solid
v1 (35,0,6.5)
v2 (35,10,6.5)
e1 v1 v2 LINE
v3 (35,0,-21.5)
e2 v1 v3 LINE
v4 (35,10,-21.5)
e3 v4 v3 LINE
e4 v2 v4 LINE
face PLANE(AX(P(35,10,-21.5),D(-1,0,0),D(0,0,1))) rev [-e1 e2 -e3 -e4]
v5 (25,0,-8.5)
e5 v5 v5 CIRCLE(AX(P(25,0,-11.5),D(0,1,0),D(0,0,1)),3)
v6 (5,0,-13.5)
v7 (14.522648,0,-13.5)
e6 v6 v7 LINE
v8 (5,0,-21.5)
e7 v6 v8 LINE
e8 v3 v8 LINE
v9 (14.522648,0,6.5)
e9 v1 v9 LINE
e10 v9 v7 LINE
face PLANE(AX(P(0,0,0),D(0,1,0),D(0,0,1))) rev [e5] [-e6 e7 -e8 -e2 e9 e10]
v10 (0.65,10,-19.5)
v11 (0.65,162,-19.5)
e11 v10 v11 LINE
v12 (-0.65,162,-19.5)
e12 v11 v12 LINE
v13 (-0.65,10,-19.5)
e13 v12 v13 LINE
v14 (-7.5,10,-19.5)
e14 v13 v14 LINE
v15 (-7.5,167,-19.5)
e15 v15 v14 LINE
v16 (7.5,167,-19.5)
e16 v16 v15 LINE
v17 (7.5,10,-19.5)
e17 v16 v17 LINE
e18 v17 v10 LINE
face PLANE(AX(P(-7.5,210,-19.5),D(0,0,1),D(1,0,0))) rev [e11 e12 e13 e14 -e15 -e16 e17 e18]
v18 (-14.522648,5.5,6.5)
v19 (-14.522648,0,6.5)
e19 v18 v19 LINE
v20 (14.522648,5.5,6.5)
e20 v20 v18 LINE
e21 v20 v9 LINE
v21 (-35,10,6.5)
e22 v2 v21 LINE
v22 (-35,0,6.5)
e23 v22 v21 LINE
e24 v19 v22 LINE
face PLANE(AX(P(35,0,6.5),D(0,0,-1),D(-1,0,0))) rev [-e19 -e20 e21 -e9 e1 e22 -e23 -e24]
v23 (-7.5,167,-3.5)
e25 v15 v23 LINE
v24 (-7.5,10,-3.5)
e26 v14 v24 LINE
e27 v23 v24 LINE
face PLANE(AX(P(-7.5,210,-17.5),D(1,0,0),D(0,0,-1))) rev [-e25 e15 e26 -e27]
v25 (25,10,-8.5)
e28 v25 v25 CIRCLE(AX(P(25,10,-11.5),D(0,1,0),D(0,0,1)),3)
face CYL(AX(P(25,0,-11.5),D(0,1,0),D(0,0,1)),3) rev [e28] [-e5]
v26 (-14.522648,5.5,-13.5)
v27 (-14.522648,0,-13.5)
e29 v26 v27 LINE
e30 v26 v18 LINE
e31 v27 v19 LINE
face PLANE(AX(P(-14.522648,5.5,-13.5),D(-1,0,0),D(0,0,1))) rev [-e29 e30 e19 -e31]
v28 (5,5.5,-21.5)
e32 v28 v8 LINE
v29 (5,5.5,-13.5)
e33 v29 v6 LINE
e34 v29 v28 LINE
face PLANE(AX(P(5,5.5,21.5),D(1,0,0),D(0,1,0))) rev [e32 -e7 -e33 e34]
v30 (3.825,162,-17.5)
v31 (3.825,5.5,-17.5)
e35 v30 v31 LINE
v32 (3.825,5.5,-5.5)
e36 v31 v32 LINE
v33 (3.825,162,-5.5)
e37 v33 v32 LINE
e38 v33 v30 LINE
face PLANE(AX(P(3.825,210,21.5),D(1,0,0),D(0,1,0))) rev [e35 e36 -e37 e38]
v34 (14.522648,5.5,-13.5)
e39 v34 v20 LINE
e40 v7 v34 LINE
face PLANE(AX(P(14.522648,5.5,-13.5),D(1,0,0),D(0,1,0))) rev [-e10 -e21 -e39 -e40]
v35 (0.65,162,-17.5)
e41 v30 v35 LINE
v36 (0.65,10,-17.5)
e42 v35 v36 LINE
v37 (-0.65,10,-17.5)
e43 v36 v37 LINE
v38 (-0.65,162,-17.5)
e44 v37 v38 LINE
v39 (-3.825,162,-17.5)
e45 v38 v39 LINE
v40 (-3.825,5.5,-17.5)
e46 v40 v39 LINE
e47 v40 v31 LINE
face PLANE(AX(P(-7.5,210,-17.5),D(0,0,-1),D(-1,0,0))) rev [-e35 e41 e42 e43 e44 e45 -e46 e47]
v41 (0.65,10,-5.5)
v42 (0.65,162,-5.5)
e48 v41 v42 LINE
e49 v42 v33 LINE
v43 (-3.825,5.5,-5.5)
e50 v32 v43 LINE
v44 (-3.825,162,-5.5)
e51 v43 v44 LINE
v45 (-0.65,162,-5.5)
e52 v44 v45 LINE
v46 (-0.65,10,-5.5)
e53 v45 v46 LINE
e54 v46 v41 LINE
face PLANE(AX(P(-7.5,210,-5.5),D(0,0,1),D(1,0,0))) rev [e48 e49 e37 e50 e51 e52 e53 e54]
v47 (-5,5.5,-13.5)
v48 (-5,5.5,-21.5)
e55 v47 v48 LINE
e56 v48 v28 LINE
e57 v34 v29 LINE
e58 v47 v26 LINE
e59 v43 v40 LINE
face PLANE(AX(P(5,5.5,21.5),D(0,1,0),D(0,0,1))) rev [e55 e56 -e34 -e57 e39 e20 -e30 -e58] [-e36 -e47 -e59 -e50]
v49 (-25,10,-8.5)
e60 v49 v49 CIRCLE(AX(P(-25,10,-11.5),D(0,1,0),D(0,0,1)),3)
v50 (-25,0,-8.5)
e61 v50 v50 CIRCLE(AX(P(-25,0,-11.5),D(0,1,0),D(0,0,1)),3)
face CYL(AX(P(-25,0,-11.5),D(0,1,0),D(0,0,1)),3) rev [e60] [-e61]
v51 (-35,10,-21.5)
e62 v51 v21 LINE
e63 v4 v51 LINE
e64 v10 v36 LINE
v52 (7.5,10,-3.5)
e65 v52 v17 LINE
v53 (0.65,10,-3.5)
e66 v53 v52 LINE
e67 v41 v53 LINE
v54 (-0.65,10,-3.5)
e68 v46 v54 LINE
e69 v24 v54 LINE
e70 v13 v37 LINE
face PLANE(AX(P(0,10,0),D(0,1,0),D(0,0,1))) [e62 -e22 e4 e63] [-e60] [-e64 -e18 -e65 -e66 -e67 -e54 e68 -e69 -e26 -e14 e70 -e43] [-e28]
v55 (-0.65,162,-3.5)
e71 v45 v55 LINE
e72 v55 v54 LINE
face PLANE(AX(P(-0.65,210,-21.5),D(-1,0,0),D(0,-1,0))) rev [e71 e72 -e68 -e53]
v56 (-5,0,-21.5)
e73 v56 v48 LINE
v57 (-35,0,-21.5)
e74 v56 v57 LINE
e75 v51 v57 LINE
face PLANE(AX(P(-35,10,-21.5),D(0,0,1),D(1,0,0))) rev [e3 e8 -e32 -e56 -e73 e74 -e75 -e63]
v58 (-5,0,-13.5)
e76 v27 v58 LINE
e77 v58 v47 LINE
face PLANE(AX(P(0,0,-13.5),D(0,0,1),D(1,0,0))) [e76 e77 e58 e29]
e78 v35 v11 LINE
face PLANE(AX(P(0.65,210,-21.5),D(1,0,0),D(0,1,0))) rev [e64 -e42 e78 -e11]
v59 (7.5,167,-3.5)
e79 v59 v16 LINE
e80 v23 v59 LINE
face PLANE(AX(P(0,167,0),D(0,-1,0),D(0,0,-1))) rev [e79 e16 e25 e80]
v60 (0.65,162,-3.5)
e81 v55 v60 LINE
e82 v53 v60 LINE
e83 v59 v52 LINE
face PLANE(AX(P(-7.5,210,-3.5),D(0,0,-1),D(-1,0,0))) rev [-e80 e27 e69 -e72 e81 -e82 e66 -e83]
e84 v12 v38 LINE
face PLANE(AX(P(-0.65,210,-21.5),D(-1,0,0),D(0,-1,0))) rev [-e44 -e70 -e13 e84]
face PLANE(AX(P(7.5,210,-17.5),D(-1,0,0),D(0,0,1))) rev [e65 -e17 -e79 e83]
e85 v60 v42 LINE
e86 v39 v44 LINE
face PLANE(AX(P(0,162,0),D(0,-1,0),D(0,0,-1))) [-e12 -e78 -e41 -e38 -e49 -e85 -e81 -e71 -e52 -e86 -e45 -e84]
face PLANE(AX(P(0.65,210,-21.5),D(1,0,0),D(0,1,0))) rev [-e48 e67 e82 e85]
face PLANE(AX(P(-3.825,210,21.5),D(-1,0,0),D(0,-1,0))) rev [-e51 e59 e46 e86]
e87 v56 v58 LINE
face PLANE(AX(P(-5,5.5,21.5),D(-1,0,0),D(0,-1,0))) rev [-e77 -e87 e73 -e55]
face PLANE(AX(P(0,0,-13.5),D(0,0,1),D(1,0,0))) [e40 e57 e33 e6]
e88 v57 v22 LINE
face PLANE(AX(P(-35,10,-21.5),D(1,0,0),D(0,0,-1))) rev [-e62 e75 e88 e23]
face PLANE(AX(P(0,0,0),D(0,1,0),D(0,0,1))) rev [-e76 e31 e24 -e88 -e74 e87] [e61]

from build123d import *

# Parameters (mm, degrees)
SKETCH_1_W           = 70
SKETCH_1_H           = 43
EXTRUDE_1_DEPTH      = 10
SKETCH_21_R          = 3
CUT_EXTRUDE_12_DEPTH = 43.275879648
SKETCH_22_R          = 3
CUT_EXTRUDE_13_DEPTH = 43.275879648
SKETCH_46_W          = 15
SKETCH_46_H          = 12
EXTRUDE_4_DEPTH      = 200
SKETCH_76_W          = 7.65
SKETCH_76_H          = 200
CUT_EXTRUDE_37_DEPTH = 217.439367953
SKETCH_78_W          = 15
SKETCH_78_H          = 2
EXTRUDE_16_DEPTH     = 200
SKETCH_79_W          = 15
SKETCH_79_H          = 2
EXTRUDE_17_DEPTH     = 200
SKETCH_80_W          = 1.3
SKETCH_80_H          = 200
CUT_EXTRUDE_38_DEPTH = 215.359511102
SKETCH_83_W          = 7.65
SKETCH_83_H          = 12
CUT_EXTRUDE_39_DEPTH = 205.174557671
SKETCH_84_W          = 10
SKETCH_84_H          = 11
CUT_EXTRUDE_40_DEPTH = 218.195764231
SKETCH_82_W          = 15
SKETCH_82_H          = 16
EXTRUDE_19_DEPTH     = 10
SKETCH_85_W          = 70
SKETCH_85_H          = 15
CUT_EXTRUDE_41_DEPTH = 10
SKETCH_86_W          = 15
SKETCH_86_H          = 35
CUT_EXTRUDE_42_DEPTH = 25
SKETCH_87_W          = 15
SKETCH_87_H          = 16
EXTRUDE_20_DEPTH     = 5
SKETCH_88_W          = 15
SKETCH_88_H          = 28
CUT_EXTRUDE_43_DEPTH = 35
SKETCH_89_W          = 15
SKETCH_89_H          = 16
EXTRUDE_21_DEPTH     = 5
SKETCH_90_W          = 29.045295042
SKETCH_90_H          = 11
CUT_EXTRUDE_44_DEPTH = 20


with BuildPart() as part:
    # 草圖1 → 填料-伸長1 (new body)
    with BuildSketch(Plane(origin=(0, 0, 0), x_dir=(1, 0, 0), z_dir=(0, 1, 0))):
        Rectangle(SKETCH_1_W, SKETCH_1_H)
    extrude(amount=EXTRUDE_1_DEPTH)

    # 草圖21 → 除料-伸長12 (cut, through all)
    with BuildSketch(Plane(origin=(0, 10, 0), x_dir=(1, 0, 0), z_dir=(0, 1, 0))):
        with Locations(Location((-25, 11.5, 0), (0, 0, 270))):
            Circle(SKETCH_21_R)
    extrude(amount=-CUT_EXTRUDE_12_DEPTH, mode=Mode.SUBTRACT)

    # 草圖22 → 除料-伸長13 (cut, through all)
    with BuildSketch(Plane(origin=(0, 10, 0), x_dir=(1, 0, 0), z_dir=(0, 1, 0))):
        with Locations(Location((25, 11.5, 0), (0, 0, 270))):
            Circle(SKETCH_22_R)
    extrude(amount=-CUT_EXTRUDE_13_DEPTH, mode=Mode.SUBTRACT)

    # 草圖46 → 填料-伸長4 (add)
    with BuildSketch(Plane(origin=(0, 10, 0), x_dir=(1, 0, 0), z_dir=(0, 1, 0))):
        with Locations((0, 11.5)):
            Rectangle(SKETCH_46_W, SKETCH_46_H)
    extrude(amount=EXTRUDE_4_DEPTH)

    # 草圖76 → 除料-伸長37 (cut, through all)
    with BuildSketch(Plane(origin=(0, 0, -17.5), x_dir=(-1, 0, 0), z_dir=(0, 0, -1))):
        with Locations((0, 110)):
            Rectangle(SKETCH_76_W, SKETCH_76_H)
    extrude(amount=-CUT_EXTRUDE_37_DEPTH, mode=Mode.SUBTRACT)

    # 草圖78 → 填料-伸長16 (add)
    with BuildSketch(Plane(origin=(0, 10, 0), x_dir=(1, 0, 0), z_dir=(0, 1, 0))):
        with Locations((0, 4.5)):
            Rectangle(SKETCH_78_W, SKETCH_78_H)
    extrude(amount=EXTRUDE_16_DEPTH)

    # 草圖79 → 填料-伸長17 (add)
    with BuildSketch(Plane(origin=(0, 10, 0), x_dir=(1, 0, 0), z_dir=(0, 1, 0))):
        with Locations((0, 18.5)):
            Rectangle(SKETCH_79_W, SKETCH_79_H)
    extrude(amount=EXTRUDE_17_DEPTH)

    # 草圖80 → 除料-伸長38 (cut, through all)
    with BuildSketch(Plane.XY.offset(-3.5)):
        with Locations((0, 110)):
            Rectangle(SKETCH_80_W, SKETCH_80_H)
    extrude(amount=-CUT_EXTRUDE_38_DEPTH, mode=Mode.SUBTRACT)

    # 草圖83 → 除料-伸長39 (cut, through all)
    with BuildSketch(Plane(origin=(0, 10, 0), x_dir=(1, 0, 0), z_dir=(0, 1, 0))):
        with Locations((0, 11.5)):
            Rectangle(SKETCH_83_W, SKETCH_83_H)
    extrude(amount=-CUT_EXTRUDE_39_DEPTH, mode=Mode.SUBTRACT)

    # 草圖84 → 除料-伸長40 (cut, through all)
    with BuildSketch(Plane(origin=(0, 0, -21.5), x_dir=(-1, 0, 0), z_dir=(0, 0, -1))):
        Rectangle(SKETCH_84_W, SKETCH_84_H)
    extrude(amount=-CUT_EXTRUDE_40_DEPTH, mode=Mode.SUBTRACT)

    # 草圖82 → 填料-伸長19 (add)
    with BuildSketch(Plane(origin=(0, 210, 0), x_dir=(1, 0, 0), z_dir=(0, 1, 0))):
        with Locations((0, 11.5)):
            Rectangle(SKETCH_82_W, SKETCH_82_H)
    extrude(amount=EXTRUDE_19_DEPTH)

    # 草圖85 → 除料-伸長41 (cut)
    with BuildSketch(Plane(origin=(0, 10, 0), x_dir=(1, 0, 0), z_dir=(0, 1, 0))):
        with Locations((0, -14)):
            Rectangle(SKETCH_85_W, SKETCH_85_H)
    extrude(amount=-CUT_EXTRUDE_41_DEPTH, mode=Mode.SUBTRACT)

    # 草圖86 → 除料-伸長42 (cut)
    with BuildSketch(Plane.XY.offset(-3.5)):
        with Locations((0, 202.5)):
            Rectangle(SKETCH_86_W, SKETCH_86_H)
    extrude(amount=-CUT_EXTRUDE_42_DEPTH, mode=Mode.SUBTRACT)

    # 草圖87 → 填料-伸長20 (add)
    with BuildSketch(Plane(origin=(0, 185, 0), x_dir=(1, 0, 0), z_dir=(0, 1, 0))):
        with Locations((0, 11.5)):
            Rectangle(SKETCH_87_W, SKETCH_87_H)
    extrude(amount=EXTRUDE_20_DEPTH)

    # 草圖88 → 除料-伸長43 (cut)
    with BuildSketch(Plane(origin=(0, 0, -19.5), x_dir=(-1, 0, 0), z_dir=(0, 0, -1))):
        with Locations((0, 176)):
            Rectangle(SKETCH_88_W, SKETCH_88_H)
    extrude(amount=-CUT_EXTRUDE_43_DEPTH, mode=Mode.SUBTRACT)

    # 草圖89 → 填料-伸長21 (add)
    with BuildSketch(Plane(origin=(0, 162, 0), x_dir=(1, 0, 0), z_dir=(0, 1, 0))):
        with Locations((0, 11.5)):
            Rectangle(SKETCH_89_W, SKETCH_89_H)
    extrude(amount=EXTRUDE_21_DEPTH)

    # 草圖90 → 除料-伸長44 (cut)
    with BuildSketch(Plane.XY.offset(6.5)):
        Rectangle(SKETCH_90_W, SKETCH_90_H)
    extrude(amount=-CUT_EXTRUDE_44_DEPTH, mode=Mode.SUBTRACT)


solid = part.part
